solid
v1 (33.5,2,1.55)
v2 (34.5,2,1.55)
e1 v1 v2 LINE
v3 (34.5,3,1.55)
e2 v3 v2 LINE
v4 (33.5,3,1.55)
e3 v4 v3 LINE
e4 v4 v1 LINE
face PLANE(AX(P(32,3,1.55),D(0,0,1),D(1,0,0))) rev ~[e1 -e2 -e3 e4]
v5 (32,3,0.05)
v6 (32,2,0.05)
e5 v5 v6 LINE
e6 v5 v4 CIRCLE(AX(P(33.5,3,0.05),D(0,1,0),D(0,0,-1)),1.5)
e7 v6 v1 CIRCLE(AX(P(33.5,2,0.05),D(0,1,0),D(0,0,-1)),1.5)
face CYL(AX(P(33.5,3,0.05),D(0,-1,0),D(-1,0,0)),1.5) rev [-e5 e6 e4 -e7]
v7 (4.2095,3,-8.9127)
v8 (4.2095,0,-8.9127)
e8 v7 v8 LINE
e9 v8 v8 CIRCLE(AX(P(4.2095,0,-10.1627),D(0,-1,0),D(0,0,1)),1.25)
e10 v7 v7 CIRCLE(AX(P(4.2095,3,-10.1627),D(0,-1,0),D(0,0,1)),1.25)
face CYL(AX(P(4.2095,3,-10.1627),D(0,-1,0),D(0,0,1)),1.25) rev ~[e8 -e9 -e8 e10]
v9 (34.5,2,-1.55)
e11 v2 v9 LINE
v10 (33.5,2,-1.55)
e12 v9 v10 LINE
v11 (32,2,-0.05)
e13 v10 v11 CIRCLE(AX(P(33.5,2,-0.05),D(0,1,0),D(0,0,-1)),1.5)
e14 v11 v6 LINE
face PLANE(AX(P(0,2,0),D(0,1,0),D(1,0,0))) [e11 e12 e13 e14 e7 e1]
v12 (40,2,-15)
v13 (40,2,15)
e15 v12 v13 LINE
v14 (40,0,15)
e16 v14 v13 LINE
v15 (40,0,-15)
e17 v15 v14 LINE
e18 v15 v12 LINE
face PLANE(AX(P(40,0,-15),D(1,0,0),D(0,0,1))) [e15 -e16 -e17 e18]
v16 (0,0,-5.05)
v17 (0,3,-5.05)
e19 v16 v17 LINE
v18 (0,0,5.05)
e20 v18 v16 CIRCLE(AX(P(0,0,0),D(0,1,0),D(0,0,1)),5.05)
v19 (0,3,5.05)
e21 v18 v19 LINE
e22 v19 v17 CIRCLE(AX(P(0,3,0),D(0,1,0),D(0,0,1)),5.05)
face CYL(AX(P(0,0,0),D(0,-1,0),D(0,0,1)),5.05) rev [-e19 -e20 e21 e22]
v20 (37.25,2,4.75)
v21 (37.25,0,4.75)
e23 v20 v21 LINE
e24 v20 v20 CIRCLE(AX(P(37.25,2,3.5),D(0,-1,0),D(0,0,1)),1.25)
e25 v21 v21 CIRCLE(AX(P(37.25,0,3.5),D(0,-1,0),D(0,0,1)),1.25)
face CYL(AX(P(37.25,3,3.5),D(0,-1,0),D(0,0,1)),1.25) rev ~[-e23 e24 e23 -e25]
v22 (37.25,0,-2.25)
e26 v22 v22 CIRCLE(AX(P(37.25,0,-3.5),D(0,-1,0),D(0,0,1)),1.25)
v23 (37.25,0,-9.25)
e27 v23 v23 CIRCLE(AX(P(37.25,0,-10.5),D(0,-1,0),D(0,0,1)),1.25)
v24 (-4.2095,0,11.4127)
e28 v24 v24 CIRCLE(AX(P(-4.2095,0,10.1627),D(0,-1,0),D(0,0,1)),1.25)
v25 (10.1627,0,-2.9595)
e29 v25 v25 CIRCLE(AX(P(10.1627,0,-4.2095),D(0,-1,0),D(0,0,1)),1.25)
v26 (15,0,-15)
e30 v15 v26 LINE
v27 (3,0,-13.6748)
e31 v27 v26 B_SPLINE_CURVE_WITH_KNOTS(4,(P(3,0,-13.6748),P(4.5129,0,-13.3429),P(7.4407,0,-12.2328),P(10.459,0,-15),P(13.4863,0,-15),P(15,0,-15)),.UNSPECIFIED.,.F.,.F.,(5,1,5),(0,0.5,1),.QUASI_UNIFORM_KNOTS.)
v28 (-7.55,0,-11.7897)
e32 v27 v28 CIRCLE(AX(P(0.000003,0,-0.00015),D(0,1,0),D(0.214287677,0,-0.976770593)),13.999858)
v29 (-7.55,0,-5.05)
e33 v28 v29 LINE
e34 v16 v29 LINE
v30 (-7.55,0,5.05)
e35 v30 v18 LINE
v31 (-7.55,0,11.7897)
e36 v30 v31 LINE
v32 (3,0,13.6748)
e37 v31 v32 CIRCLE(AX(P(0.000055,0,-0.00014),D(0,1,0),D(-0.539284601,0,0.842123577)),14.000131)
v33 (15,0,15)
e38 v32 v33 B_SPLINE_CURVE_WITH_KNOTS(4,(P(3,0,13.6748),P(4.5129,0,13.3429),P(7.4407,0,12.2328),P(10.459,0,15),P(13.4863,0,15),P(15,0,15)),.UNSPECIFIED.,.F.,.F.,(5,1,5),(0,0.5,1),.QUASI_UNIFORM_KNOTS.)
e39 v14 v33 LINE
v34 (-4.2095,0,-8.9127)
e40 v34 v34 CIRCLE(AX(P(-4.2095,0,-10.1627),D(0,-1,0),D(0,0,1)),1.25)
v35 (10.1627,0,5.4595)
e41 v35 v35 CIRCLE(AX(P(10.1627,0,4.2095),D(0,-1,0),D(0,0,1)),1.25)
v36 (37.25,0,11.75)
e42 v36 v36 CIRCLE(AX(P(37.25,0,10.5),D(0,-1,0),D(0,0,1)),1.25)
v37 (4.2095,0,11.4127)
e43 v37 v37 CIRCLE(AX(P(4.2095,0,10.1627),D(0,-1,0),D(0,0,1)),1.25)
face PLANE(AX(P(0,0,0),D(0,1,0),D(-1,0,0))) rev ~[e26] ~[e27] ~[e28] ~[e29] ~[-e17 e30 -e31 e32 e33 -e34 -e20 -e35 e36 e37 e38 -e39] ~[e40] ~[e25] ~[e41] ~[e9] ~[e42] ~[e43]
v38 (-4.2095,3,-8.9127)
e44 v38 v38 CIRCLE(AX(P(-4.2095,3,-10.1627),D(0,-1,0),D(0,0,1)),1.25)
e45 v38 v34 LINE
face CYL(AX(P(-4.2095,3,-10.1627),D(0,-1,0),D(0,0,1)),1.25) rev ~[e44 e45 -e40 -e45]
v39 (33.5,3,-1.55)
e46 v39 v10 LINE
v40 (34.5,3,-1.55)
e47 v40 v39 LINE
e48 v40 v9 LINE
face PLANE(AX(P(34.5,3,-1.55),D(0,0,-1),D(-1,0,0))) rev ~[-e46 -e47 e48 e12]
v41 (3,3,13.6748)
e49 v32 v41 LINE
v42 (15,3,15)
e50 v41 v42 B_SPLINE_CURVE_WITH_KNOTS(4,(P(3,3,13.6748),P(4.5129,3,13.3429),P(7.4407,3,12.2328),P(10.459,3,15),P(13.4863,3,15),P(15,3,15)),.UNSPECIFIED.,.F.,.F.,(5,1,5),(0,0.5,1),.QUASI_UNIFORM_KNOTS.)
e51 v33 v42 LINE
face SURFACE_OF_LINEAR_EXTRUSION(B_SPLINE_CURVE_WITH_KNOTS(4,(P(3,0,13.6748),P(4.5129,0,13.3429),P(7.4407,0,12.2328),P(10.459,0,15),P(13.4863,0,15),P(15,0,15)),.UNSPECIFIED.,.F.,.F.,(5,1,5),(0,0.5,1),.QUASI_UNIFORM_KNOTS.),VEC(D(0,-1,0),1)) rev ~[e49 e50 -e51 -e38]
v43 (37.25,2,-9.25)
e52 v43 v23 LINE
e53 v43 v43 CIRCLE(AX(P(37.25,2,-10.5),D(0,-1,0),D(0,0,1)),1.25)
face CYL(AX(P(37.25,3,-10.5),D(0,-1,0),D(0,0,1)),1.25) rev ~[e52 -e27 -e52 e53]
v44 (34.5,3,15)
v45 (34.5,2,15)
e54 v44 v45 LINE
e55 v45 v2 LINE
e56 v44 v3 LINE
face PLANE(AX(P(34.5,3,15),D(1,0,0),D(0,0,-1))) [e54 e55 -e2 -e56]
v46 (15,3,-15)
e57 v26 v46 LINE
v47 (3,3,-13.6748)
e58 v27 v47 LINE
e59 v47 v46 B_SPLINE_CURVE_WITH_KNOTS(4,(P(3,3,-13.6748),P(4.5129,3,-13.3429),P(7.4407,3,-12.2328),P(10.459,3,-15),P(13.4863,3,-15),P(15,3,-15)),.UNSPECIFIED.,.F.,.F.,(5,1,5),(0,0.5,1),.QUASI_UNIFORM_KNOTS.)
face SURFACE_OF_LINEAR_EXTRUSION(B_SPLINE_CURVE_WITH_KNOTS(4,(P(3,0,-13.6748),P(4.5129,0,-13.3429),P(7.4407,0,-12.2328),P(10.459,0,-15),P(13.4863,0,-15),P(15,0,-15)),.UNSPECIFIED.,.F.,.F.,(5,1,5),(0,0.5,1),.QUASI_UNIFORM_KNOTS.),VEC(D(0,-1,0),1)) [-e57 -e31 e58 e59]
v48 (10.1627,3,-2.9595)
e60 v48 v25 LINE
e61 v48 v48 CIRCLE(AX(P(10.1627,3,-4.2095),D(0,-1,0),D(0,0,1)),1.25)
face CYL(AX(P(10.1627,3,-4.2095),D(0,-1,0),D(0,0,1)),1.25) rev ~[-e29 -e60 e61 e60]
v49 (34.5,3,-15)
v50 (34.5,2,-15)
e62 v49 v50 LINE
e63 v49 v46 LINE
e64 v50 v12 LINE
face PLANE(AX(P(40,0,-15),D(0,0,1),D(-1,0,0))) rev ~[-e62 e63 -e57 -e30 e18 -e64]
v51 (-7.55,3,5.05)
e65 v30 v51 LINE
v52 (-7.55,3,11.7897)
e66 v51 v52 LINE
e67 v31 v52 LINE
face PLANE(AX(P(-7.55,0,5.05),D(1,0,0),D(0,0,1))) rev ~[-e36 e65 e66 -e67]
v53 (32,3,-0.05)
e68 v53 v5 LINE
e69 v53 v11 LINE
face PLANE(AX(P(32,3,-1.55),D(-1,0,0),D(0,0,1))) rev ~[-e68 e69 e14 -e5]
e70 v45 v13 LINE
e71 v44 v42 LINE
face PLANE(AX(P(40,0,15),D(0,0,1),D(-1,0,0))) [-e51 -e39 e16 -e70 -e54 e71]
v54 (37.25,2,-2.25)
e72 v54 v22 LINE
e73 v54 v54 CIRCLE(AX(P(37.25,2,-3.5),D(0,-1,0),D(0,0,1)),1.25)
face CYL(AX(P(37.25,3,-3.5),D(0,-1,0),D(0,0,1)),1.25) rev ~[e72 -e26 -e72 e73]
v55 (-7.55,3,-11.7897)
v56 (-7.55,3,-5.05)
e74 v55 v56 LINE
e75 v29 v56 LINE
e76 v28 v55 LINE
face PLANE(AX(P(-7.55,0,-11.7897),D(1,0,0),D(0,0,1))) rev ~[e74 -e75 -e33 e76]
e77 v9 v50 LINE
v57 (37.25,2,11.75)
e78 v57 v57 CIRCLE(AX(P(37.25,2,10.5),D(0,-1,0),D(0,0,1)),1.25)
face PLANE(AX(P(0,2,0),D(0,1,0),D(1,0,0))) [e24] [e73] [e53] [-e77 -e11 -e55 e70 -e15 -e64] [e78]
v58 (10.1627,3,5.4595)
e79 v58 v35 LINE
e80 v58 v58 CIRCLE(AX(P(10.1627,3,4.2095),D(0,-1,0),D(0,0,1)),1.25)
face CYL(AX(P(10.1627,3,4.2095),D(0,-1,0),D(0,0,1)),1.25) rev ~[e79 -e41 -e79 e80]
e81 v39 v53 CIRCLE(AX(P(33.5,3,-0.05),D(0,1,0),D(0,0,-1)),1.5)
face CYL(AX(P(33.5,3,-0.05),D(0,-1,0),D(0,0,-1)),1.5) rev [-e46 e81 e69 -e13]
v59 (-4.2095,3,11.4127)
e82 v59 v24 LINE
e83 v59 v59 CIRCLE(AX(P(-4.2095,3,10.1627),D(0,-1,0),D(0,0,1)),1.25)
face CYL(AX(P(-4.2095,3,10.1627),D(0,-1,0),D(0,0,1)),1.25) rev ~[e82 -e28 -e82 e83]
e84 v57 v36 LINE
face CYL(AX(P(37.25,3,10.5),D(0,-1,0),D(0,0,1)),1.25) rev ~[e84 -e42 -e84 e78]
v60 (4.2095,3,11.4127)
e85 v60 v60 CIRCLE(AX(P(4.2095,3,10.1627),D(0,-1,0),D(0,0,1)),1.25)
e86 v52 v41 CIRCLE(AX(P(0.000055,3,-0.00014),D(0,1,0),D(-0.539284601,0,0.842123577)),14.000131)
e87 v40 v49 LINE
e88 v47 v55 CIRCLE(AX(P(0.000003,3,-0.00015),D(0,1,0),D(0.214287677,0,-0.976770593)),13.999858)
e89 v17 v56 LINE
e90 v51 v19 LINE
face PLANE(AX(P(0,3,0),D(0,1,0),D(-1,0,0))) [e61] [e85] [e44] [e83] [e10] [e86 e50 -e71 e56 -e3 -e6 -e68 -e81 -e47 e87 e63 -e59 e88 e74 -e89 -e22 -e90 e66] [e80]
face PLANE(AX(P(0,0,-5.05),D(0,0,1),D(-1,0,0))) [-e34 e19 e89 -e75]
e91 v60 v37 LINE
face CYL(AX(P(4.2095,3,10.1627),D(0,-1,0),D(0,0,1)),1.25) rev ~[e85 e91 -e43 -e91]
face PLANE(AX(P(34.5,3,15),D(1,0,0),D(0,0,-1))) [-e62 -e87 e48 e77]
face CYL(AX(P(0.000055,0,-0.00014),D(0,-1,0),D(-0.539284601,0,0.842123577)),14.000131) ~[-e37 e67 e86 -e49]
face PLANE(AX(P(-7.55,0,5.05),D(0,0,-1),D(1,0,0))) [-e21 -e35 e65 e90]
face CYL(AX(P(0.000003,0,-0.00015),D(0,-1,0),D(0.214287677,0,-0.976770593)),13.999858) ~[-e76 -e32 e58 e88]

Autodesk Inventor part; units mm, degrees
ref_plane "YZ Plane" through (0, 0, 0) normal (1, 0, 0) x (0, 1, 0)
ref_plane "XZ Plane" through (0, 0, 0) normal (0, 1, 0) x (-1, 0, 0)
sketch "Sketch1" plane through (0, 0, 0) normal (0, 1, 0) x (-1, 0, 0)
  line L0 (-40, 15) -> (0, 15) construction
  line L1 (15, 15) -> (15, -15) construction
  line L2 (15, -15) -> (0, -15) construction
  line L3 (-40, -15) -> (-40, 15)
  line L4 (15, 0) -> (-40, 0) construction
  line L5 (-28.4, 0) -> (23.4, 0) construction
  circle A0 centre (0, 0) radius 11 construction
  line L6 (11, 15) -> (11, -15) construction
  circle A1 centre (0, 0) radius 5.05 construction
  line L7 (0, 5.05) -> (7.55, 5.05) construction
  line L8 (0, -5.05) -> (7.55, -5.05) construction
  line L9 (15, 15) -> (15, 5) construction
  line L10 (15, -5) -> (15, -15) construction
  arc A2 (0, 5.05) -> (0, -5.05) centre (0, 0) ccw
  circle A3 centre (0, 0) radius 15 construction
  arc A4 (0, -15) -> (14.1421, -5) centre (0, 0) ccw construction
  arc A5 (14.1421, 5) -> (0, 15) centre (0, 0) ccw construction
  line L11 (0, -15) -> (-40, -15) construction
  line L12 (0, 15) -> (15, 15) construction
  arc A6 (11, -8.6603) -> (11, 8.6603) centre (0, 0) ccw construction
  line L13 (-3, -15) -> (-3, 15) construction
  arc A7 (-3, -13.6748) -> (7.55, -11.7897) centre (0, 0) ccw
  line L14 (7.55, 5.05) -> (0, 5.05)
  line L15 (-15, -18.6523) -> (-15, 18.2394) construction
  line L16 (-40, -15) -> (-15, -15)
  line L17 (-40, 15) -> (-15, 15)
  spline S0 degree 4 poles (-3, -13.6748) (-4.5129, -13.3429) (-7.4407, -12.2328) (-10.459, -15) (-13.4863, -15) (-15, -15) knots 0 0 0 0 0 0.5 1 1 1 1 1
  spline S1 degree 4 poles (-3, 13.6748) (-4.5129, 13.3429) (-7.4407, 12.2328) (-10.459, 15) (-13.4863, 15) (-15, 15) knots 0 0 0 0 0 0.5 1 1 1 1 1
  line L18 (5.05, -15) -> (5.05, 15) construction
  line L19 (7.55, -11.7897) -> (7.55, -5.05)
  line L20 (7.55, 5.05) -> (7.55, 11.7897)
  line L21 (7.55, -5.05) -> (11, -5.05) construction
  line L22 (7.55, 5.05) -> (9.7723, 5.05) construction
  arc A8 (7.55, 11.7897) -> (7.55, -11.7897) centre (0, 0) ccw construction
  arc A9 (7.55, 11.7897) -> (-3, 13.6748) centre (0, 0) ccw
  line L23 (0, -5.05) -> (7.55, -5.05)
  line L24 (0, -26.0306) -> (0, 25.6178) construction
  line L25 (35.28, 0) -> (-47.88, 0) construction
  point P0 (13.0767, -5)
  dimension "d1" = 22
  dimension "d0" = 30
  dimension "d2" = 40
  dimension "d3" = 10.1
  dimension "d4" = 30
  dimension "d5" = 28
  dimension "d6" = 15
  dimension "d7" = 12
  dimension "d8" = 2.5
extrude "Extrusion1" add sketch "Sketch1" along normal blind 3
sketch "Sketch2" plane through (0, 3, 0) normal (0, 1, 0) x (1, 0, 0)
  circle A0 centre (0, 0) radius 11 construction
  line L0 (-21.2, 0) -> (50.2, 0) construction
  line L1 (0, 21) -> (0, -21) construction
  line L2 (0, 0) -> (-4.2095, -10.1627) construction
  point P0 (-4.2095, -10.1627)
  point P1 (4.2095, -10.1627)
  point P2 (10.1627, -4.2095)
  point P3 (10.1627, 4.2095)
  point P4 (4.2095, 10.1627)
  point P5 (-4.2095, 10.1627)
  dimension "d19" = 22
  dimension "d20" = 225
  dimension "d68" = 22.5
hole "Hole1" at (-4.2095, 3, 10.1627) at (-4.2095, 3, -10.1627) at (4.2095, 3, -10.1627) at (10.1627, 3, -4.2095) at (10.1627, 3, 4.2095) at (4.2095, 3, 10.1627) direction (0, -1, 0) diameter 2.5 end through all
sketch "Sketch3" plane through (0, 3, 0) normal (0, 1, 0) x (1, 0, 0)
  circle A0 centre (-4.2095, -10.1627) radius 1.25 construction
  circle A1 centre (4.2095, -10.1627) radius 1.25 construction
  circle A2 centre (10.1627, -4.2095) radius 1.25 construction
  circle A3 centre (10.1627, 4.2095) radius 1.25 construction
  circle A4 centre (4.2095, 10.1627) radius 1.25 construction
  circle A5 centre (-4.2095, 10.1627) radius 1.25 construction
  point P0 (0, 0)
sketch "Sketch4" plane through (0, 3, 0) normal (0, 1, 0) x (1, 0, 0)
  line L0 (37, -21.9283) -> (37, 20.7608) construction
  line L1 (40, -15) -> (40, 15) construction
  line L2 (15, -15) -> (40, -15) construction
  point P0 (0, 0)
  point P1 (37, -10.5)
  point P2 (37, -3.5)
  point P3 (37, 3.5)
  point P4 (37, 10.5)
  dimension "d29" = 3
  dimension "d30" = 4.5
  dimension "d33" = 7
hole "Hole2" [suppressed]
sketch "Sketch6" plane through (0, 3, 0) normal (0, 1, 0) x (1, 0, 0)
  line L0 (15, -15) -> (40, -15) projected
  line L1 (40, -15) -> (34.5, -15)
  line L2 (34.5, -15) -> (34.5, 15)
  line L3 (34.5, 15) -> (40, 15)
  line L4 (40, 15) -> (40, -15)
  line L5 (37.25, 15) -> (37.25, -15) construction
  point P0 (0, 0)
  point P1 (37.25, -10.5)
  point P2 (37.25, -3.5)
  point P3 (37.25, 3.5)
  point P4 (37.25, 10.5)
  dimension "d47" = 5.5
  dimension "d55" = 30
  dimension "d56" = 7
  dimension "d57" = 7
  dimension "d58" = 7
  dimension "d59" = 4.5
  dimension "d60" = 4.5
extrude "Extrusion2" cut sketch "Sketch6" against normal blind 1
sketch "Sketch7" plane through (0, 3, 0) normal (0, 1, 0) x (1, 0, 0)
  line L0 (34.5, -15) -> (34.5, 15) projected
  line L1 (34.5, 15) -> (15, 15) projected
  arc A0 (3, 13.6748) -> (-7.55, 11.7897) centre (0, 0) ccw projected
  line L2 (-7.55, 11.7897) -> (-7.55, 5.05) projected
  line L3 (-7.55, 5.05) -> (0, 5.05) projected
  arc A1 (0, -5.05) -> (0, 5.05) centre (0, 0) ccw projected
  line L4 (0, -5.05) -> (-7.55, -5.05) projected
  line L5 (-7.55, -5.05) -> (-7.55, -11.7897) projected
  arc A2 (-7.55, -11.7897) -> (3, -13.6748) centre (0, 0) ccw projected
  line L6 (15, -15) -> (34.5, -15) projected
  circle A3 centre (10.1627, -4.2095) radius 1.25 projected
  circle A4 centre (4.2095, 10.1627) radius 1.25 projected
  circle A5 centre (-4.2095, -10.1627) radius 1.25 projected
  circle A6 centre (-4.2095, 10.1627) radius 1.25 projected
  circle A7 centre (10.1627, 4.2095) radius 1.25 projected
  circle A8 centre (4.2095, -10.1627) radius 1.25 projected
  line L7 (34.5, 1.55) -> (32, 1.55)
  line L8 (32, 1.55) -> (32, -1.55)
  line L9 (32, -1.55) -> (34.5, -1.55)
  line L10 (34.5, 0) -> (32, 0) construction
  point P0 (0, 0)
  dimension "d50" = 3.1
  dimension "d51" = 2.5
extrude "Extrusion3" cut sketch "Sketch7" against normal blind 1 contours L9 L8 L7 L0
fillet "Fillet1" radius 1.5 2 edges at (32, 2.5, 1.55) (32, 2.5, -1.55)
hole "Hole3" at (37.25, 3, -10.5) at (37.25, 3, -3.5) at (37.25, 3, 3.5) at (37.25, 3, 10.5) direction (0, -1, 0) diameter 2.5 end through all
ref_plane "Work Plane1" through (45, 0, 15) normal (1, 0, 0) x (0, 0, -1)
equation "\"d2\" = base_2_axis"
equation "\"d3\" = horn_radius_clearance"
equation "\"d19\" = d21"
equation "\"d47\" = base_border_height"
equation "\"d9\" = 30"
equation "\"d10\" = 22"
equation "\"horn_radius_clearance\" = 10.1"
equation "\"d14\" = 2 * d13"
equation "\"d21\" = 22"
equation "\"base_2_axis\" = 40"
equation "\"base_border_height\" = 5.5"
equation "\"d13\" = 3"
properties part number "test_side_u64" material "Aluminum 6061"
